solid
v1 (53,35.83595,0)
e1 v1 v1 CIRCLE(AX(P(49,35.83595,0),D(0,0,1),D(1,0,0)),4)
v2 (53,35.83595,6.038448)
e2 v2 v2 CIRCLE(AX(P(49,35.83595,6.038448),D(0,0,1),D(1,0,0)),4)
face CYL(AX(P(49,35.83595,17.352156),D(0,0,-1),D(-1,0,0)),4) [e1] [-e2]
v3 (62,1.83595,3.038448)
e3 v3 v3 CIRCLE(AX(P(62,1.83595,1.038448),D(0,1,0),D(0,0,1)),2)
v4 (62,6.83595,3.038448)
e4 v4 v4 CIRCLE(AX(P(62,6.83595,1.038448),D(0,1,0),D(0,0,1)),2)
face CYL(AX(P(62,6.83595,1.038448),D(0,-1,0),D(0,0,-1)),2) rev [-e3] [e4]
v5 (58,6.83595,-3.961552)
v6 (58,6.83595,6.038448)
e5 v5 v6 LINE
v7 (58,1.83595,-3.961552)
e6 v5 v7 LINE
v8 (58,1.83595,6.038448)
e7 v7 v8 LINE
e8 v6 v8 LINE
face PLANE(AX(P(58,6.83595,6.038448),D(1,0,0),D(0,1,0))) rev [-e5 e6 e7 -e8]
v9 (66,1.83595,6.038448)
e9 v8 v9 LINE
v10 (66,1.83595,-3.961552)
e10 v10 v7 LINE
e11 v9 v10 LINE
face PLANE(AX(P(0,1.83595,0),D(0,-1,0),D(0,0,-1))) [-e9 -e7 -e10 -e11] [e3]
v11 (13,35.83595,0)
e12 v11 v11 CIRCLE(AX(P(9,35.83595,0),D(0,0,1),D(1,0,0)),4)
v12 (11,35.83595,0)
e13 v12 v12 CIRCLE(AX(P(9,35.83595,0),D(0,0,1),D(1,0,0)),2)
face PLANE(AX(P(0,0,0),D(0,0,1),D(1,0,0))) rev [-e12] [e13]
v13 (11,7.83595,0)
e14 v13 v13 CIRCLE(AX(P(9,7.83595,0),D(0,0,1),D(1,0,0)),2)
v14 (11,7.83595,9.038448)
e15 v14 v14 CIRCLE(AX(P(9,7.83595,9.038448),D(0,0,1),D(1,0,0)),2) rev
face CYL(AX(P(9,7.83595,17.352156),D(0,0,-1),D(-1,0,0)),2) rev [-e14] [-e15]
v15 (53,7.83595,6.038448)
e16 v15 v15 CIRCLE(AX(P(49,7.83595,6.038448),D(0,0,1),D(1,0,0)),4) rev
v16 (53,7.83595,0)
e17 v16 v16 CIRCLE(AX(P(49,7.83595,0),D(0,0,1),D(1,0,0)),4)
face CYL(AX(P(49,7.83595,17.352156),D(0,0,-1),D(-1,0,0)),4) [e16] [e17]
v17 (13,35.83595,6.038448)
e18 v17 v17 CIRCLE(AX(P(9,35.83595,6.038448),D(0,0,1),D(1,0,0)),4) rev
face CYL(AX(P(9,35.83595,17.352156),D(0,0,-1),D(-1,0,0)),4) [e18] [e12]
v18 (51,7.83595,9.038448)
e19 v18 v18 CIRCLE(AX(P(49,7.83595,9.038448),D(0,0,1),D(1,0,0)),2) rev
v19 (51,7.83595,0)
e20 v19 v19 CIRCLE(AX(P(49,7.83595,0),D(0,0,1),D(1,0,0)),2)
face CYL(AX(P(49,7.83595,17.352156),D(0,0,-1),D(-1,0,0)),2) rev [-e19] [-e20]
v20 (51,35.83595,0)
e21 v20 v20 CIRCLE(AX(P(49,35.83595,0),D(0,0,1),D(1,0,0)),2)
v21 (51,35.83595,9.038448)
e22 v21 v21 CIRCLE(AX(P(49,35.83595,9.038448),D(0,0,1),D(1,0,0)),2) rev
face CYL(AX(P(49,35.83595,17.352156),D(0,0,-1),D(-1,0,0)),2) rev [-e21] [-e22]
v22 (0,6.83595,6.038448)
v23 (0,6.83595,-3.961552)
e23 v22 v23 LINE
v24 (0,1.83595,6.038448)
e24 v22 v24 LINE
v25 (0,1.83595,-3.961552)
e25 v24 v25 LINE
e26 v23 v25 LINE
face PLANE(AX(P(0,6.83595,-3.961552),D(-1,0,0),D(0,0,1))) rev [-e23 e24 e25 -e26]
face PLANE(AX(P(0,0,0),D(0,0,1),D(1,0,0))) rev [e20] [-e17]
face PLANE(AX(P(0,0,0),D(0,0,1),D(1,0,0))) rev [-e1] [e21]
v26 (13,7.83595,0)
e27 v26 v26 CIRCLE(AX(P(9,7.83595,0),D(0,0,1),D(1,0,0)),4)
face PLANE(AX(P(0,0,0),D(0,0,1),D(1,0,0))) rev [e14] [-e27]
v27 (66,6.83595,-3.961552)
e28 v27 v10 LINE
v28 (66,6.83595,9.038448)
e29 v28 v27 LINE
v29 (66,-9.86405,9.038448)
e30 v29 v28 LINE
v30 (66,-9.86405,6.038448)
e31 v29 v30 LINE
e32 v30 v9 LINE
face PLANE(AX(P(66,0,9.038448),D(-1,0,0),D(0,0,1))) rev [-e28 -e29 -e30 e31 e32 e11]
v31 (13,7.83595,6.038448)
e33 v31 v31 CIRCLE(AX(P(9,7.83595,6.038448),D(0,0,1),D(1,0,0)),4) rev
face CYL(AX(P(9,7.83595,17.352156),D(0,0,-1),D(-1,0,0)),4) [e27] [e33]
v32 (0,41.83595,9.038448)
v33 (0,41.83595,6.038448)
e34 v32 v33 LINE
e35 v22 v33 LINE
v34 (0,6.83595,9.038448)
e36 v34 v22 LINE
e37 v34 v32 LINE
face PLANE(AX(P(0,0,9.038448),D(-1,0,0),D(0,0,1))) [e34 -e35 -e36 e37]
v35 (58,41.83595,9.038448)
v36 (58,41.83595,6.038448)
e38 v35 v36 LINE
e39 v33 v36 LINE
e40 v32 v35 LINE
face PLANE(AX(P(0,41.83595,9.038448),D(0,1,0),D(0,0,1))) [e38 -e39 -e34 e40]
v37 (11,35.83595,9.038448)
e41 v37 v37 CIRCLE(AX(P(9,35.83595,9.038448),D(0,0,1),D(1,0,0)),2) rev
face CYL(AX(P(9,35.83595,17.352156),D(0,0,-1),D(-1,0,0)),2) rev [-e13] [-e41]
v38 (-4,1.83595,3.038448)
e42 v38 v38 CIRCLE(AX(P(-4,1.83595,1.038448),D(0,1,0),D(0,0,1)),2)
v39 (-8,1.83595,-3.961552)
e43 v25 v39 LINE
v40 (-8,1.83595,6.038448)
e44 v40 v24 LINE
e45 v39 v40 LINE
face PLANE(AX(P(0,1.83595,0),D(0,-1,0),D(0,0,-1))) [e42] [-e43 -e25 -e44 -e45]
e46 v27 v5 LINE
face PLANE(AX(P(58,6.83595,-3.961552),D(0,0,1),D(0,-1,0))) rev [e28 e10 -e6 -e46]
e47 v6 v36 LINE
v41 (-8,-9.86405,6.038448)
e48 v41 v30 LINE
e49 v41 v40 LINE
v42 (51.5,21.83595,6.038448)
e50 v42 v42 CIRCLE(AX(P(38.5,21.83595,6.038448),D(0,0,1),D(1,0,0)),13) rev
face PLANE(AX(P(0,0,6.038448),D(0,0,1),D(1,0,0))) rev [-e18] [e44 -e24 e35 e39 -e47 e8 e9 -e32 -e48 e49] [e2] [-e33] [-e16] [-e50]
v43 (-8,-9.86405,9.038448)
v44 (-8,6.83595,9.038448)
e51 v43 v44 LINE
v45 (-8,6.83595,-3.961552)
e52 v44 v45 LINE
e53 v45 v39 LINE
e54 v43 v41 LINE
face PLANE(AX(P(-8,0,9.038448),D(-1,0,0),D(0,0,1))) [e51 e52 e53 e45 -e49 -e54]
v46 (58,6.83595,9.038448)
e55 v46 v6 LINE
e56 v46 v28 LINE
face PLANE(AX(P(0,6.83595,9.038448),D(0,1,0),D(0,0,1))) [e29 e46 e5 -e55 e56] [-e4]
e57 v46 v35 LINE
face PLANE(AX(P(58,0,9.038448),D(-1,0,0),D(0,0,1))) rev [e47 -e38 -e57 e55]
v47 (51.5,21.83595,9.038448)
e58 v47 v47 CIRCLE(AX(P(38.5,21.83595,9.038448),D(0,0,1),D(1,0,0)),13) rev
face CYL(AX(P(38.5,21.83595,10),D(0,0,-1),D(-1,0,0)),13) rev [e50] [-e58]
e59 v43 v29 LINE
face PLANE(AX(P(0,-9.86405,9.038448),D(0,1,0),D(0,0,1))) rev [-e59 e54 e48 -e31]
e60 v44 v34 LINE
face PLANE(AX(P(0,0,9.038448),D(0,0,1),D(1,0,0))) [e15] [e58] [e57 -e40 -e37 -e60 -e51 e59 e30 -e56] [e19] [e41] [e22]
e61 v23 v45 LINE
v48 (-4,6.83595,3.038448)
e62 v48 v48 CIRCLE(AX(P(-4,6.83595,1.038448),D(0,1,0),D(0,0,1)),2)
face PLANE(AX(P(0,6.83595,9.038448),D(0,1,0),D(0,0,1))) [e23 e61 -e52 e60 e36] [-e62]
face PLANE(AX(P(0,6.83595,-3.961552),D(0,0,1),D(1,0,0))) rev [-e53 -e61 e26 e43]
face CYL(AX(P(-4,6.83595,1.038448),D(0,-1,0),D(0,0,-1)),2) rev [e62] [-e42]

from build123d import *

# Parameters (mm, degrees)
SKETCH1_R             = 4
SKETCH1_R_2           = 2
BOSS_EXTRUDE2_DEPTH   = 6.038447986
BOSS_EXTRUDE2_2_DEPTH = 6.038447986
BOSS_EXTRUDE2_3_DEPTH = 6.038447986
BOSS_EXTRUDE2_4_DEPTH = 6.038447986
BOSS_EXTRUDE4_DEPTH   = 3
SKETCH2_W             = 8
SKETCH2_H             = 10
SKETCH2_R             = 2
BOSS_EXTRUDE3_DEPTH   = 5
SKETCH1_4_R           = 2
SKETCH1_4_R_2         = 13
CUT_EXTRUDE1_DEPTH    = 10


with BuildPart() as part:
    # Sketch1 → Boss-Extrude2 (new body)
    with BuildSketch(Plane.XY):
        with Locations((49, 35.83595021)):
            Circle(SKETCH1_R)
        with Locations((49, 35.83595021)):
            Circle(SKETCH1_R_2, mode=Mode.SUBTRACT)
    extrude(amount=BOSS_EXTRUDE2_DEPTH)



with BuildPart() as body_2:
    # Sketch1 → Boss-Extrude2 2 (new body)
    with BuildSketch(Plane.XY):
        with Locations((49, 7.83595021)):
            Circle(SKETCH1_R)
        with Locations((49, 7.83595021)):
            Circle(SKETCH1_R_2, mode=Mode.SUBTRACT)
    extrude(amount=BOSS_EXTRUDE2_2_DEPTH)


with BuildPart() as body_3:
    # Sketch1 → Boss-Extrude2 3 (new body)
    with BuildSketch(Plane.XY):
        with Locations((9, 7.83595021)):
            Circle(SKETCH1_R)
        with Locations((9, 7.83595021)):
            Circle(SKETCH1_R_2, mode=Mode.SUBTRACT)
    extrude(amount=BOSS_EXTRUDE2_3_DEPTH)


with BuildPart() as body_4:
    # Sketch1 → Boss-Extrude2 4 (new body)
    with BuildSketch(Plane.XY):
        with Locations((9, 35.83595021)):
            Circle(SKETCH1_R)
        with Locations((9, 35.83595021)):
            Circle(SKETCH1_R_2, mode=Mode.SUBTRACT)
    extrude(amount=BOSS_EXTRUDE2_4_DEPTH)


with BuildPart() as part_1:
    add(part.part)

    add(body_2.part)  # Boss-Extrude4 merges body 2

    add(body_3.part)  # Boss-Extrude4 merges body 3

    add(body_4.part)  # Boss-Extrude4 merges body 4
    # Sketch3 → Boss-Extrude4 (add)
    with BuildSketch(Plane.XY.offset(6.038447986)):
        Polygon((-8, 6.83595021), (-8, -9.86404979), (66, -9.86404979), (66, 6.83595021), (58, 6.83595021), (58, 41.83595021), (0, 41.83595021), (0, 6.83595021), align=None)
    extrude(amount=BOSS_EXTRUDE4_DEPTH)

    # Sketch2 → Boss-Extrude3 (add)
    # profile 1 of 2: a face of its own
    with BuildSketch(Plane(origin=(0, 1.83595021, 0), x_dir=(1, 0, 0), z_dir=(0, 1, 0))):
        with Locations((-4, -1.038447986)):
            Rectangle(SKETCH2_W, SKETCH2_H)
        with Locations(Location((-4, -1.038447986, 0), (0, 0, 270))):
            Circle(SKETCH2_R, mode=Mode.SUBTRACT)
    # profile 2 of 2: a face of its own
    with BuildSketch(Plane(origin=(0, 1.83595021, 0), x_dir=(1, 0, 0), z_dir=(0, 1, 0))):
        with Locations((62, -1.038447986)):
            Rectangle(SKETCH2_W, SKETCH2_H)
        with Locations(Location((62, -1.038447986, 0), (0, 0, 270))):
            Circle(SKETCH2_R, mode=Mode.SUBTRACT)
    extrude(amount=BOSS_EXTRUDE3_DEPTH)

    # Sketch1<4> → Cut-Extrude1 (cut)
    with BuildSketch(Plane.XY):
        with Locations((9, 35.83595021)):
            Circle(SKETCH1_4_R)
        with Locations((9, 7.83595021)):
            Circle(SKETCH1_4_R)
        with Locations((49, 35.83595021)):
            Circle(SKETCH1_4_R)
        with Locations((38.5, 21.83595021)):
            Circle(SKETCH1_4_R_2)
        with Locations((49, 7.83595021)):
            Circle(SKETCH1_4_R)
    extrude(amount=CUT_EXTRUDE1_DEPTH, mode=Mode.SUBTRACT)


solid = part_1.part
